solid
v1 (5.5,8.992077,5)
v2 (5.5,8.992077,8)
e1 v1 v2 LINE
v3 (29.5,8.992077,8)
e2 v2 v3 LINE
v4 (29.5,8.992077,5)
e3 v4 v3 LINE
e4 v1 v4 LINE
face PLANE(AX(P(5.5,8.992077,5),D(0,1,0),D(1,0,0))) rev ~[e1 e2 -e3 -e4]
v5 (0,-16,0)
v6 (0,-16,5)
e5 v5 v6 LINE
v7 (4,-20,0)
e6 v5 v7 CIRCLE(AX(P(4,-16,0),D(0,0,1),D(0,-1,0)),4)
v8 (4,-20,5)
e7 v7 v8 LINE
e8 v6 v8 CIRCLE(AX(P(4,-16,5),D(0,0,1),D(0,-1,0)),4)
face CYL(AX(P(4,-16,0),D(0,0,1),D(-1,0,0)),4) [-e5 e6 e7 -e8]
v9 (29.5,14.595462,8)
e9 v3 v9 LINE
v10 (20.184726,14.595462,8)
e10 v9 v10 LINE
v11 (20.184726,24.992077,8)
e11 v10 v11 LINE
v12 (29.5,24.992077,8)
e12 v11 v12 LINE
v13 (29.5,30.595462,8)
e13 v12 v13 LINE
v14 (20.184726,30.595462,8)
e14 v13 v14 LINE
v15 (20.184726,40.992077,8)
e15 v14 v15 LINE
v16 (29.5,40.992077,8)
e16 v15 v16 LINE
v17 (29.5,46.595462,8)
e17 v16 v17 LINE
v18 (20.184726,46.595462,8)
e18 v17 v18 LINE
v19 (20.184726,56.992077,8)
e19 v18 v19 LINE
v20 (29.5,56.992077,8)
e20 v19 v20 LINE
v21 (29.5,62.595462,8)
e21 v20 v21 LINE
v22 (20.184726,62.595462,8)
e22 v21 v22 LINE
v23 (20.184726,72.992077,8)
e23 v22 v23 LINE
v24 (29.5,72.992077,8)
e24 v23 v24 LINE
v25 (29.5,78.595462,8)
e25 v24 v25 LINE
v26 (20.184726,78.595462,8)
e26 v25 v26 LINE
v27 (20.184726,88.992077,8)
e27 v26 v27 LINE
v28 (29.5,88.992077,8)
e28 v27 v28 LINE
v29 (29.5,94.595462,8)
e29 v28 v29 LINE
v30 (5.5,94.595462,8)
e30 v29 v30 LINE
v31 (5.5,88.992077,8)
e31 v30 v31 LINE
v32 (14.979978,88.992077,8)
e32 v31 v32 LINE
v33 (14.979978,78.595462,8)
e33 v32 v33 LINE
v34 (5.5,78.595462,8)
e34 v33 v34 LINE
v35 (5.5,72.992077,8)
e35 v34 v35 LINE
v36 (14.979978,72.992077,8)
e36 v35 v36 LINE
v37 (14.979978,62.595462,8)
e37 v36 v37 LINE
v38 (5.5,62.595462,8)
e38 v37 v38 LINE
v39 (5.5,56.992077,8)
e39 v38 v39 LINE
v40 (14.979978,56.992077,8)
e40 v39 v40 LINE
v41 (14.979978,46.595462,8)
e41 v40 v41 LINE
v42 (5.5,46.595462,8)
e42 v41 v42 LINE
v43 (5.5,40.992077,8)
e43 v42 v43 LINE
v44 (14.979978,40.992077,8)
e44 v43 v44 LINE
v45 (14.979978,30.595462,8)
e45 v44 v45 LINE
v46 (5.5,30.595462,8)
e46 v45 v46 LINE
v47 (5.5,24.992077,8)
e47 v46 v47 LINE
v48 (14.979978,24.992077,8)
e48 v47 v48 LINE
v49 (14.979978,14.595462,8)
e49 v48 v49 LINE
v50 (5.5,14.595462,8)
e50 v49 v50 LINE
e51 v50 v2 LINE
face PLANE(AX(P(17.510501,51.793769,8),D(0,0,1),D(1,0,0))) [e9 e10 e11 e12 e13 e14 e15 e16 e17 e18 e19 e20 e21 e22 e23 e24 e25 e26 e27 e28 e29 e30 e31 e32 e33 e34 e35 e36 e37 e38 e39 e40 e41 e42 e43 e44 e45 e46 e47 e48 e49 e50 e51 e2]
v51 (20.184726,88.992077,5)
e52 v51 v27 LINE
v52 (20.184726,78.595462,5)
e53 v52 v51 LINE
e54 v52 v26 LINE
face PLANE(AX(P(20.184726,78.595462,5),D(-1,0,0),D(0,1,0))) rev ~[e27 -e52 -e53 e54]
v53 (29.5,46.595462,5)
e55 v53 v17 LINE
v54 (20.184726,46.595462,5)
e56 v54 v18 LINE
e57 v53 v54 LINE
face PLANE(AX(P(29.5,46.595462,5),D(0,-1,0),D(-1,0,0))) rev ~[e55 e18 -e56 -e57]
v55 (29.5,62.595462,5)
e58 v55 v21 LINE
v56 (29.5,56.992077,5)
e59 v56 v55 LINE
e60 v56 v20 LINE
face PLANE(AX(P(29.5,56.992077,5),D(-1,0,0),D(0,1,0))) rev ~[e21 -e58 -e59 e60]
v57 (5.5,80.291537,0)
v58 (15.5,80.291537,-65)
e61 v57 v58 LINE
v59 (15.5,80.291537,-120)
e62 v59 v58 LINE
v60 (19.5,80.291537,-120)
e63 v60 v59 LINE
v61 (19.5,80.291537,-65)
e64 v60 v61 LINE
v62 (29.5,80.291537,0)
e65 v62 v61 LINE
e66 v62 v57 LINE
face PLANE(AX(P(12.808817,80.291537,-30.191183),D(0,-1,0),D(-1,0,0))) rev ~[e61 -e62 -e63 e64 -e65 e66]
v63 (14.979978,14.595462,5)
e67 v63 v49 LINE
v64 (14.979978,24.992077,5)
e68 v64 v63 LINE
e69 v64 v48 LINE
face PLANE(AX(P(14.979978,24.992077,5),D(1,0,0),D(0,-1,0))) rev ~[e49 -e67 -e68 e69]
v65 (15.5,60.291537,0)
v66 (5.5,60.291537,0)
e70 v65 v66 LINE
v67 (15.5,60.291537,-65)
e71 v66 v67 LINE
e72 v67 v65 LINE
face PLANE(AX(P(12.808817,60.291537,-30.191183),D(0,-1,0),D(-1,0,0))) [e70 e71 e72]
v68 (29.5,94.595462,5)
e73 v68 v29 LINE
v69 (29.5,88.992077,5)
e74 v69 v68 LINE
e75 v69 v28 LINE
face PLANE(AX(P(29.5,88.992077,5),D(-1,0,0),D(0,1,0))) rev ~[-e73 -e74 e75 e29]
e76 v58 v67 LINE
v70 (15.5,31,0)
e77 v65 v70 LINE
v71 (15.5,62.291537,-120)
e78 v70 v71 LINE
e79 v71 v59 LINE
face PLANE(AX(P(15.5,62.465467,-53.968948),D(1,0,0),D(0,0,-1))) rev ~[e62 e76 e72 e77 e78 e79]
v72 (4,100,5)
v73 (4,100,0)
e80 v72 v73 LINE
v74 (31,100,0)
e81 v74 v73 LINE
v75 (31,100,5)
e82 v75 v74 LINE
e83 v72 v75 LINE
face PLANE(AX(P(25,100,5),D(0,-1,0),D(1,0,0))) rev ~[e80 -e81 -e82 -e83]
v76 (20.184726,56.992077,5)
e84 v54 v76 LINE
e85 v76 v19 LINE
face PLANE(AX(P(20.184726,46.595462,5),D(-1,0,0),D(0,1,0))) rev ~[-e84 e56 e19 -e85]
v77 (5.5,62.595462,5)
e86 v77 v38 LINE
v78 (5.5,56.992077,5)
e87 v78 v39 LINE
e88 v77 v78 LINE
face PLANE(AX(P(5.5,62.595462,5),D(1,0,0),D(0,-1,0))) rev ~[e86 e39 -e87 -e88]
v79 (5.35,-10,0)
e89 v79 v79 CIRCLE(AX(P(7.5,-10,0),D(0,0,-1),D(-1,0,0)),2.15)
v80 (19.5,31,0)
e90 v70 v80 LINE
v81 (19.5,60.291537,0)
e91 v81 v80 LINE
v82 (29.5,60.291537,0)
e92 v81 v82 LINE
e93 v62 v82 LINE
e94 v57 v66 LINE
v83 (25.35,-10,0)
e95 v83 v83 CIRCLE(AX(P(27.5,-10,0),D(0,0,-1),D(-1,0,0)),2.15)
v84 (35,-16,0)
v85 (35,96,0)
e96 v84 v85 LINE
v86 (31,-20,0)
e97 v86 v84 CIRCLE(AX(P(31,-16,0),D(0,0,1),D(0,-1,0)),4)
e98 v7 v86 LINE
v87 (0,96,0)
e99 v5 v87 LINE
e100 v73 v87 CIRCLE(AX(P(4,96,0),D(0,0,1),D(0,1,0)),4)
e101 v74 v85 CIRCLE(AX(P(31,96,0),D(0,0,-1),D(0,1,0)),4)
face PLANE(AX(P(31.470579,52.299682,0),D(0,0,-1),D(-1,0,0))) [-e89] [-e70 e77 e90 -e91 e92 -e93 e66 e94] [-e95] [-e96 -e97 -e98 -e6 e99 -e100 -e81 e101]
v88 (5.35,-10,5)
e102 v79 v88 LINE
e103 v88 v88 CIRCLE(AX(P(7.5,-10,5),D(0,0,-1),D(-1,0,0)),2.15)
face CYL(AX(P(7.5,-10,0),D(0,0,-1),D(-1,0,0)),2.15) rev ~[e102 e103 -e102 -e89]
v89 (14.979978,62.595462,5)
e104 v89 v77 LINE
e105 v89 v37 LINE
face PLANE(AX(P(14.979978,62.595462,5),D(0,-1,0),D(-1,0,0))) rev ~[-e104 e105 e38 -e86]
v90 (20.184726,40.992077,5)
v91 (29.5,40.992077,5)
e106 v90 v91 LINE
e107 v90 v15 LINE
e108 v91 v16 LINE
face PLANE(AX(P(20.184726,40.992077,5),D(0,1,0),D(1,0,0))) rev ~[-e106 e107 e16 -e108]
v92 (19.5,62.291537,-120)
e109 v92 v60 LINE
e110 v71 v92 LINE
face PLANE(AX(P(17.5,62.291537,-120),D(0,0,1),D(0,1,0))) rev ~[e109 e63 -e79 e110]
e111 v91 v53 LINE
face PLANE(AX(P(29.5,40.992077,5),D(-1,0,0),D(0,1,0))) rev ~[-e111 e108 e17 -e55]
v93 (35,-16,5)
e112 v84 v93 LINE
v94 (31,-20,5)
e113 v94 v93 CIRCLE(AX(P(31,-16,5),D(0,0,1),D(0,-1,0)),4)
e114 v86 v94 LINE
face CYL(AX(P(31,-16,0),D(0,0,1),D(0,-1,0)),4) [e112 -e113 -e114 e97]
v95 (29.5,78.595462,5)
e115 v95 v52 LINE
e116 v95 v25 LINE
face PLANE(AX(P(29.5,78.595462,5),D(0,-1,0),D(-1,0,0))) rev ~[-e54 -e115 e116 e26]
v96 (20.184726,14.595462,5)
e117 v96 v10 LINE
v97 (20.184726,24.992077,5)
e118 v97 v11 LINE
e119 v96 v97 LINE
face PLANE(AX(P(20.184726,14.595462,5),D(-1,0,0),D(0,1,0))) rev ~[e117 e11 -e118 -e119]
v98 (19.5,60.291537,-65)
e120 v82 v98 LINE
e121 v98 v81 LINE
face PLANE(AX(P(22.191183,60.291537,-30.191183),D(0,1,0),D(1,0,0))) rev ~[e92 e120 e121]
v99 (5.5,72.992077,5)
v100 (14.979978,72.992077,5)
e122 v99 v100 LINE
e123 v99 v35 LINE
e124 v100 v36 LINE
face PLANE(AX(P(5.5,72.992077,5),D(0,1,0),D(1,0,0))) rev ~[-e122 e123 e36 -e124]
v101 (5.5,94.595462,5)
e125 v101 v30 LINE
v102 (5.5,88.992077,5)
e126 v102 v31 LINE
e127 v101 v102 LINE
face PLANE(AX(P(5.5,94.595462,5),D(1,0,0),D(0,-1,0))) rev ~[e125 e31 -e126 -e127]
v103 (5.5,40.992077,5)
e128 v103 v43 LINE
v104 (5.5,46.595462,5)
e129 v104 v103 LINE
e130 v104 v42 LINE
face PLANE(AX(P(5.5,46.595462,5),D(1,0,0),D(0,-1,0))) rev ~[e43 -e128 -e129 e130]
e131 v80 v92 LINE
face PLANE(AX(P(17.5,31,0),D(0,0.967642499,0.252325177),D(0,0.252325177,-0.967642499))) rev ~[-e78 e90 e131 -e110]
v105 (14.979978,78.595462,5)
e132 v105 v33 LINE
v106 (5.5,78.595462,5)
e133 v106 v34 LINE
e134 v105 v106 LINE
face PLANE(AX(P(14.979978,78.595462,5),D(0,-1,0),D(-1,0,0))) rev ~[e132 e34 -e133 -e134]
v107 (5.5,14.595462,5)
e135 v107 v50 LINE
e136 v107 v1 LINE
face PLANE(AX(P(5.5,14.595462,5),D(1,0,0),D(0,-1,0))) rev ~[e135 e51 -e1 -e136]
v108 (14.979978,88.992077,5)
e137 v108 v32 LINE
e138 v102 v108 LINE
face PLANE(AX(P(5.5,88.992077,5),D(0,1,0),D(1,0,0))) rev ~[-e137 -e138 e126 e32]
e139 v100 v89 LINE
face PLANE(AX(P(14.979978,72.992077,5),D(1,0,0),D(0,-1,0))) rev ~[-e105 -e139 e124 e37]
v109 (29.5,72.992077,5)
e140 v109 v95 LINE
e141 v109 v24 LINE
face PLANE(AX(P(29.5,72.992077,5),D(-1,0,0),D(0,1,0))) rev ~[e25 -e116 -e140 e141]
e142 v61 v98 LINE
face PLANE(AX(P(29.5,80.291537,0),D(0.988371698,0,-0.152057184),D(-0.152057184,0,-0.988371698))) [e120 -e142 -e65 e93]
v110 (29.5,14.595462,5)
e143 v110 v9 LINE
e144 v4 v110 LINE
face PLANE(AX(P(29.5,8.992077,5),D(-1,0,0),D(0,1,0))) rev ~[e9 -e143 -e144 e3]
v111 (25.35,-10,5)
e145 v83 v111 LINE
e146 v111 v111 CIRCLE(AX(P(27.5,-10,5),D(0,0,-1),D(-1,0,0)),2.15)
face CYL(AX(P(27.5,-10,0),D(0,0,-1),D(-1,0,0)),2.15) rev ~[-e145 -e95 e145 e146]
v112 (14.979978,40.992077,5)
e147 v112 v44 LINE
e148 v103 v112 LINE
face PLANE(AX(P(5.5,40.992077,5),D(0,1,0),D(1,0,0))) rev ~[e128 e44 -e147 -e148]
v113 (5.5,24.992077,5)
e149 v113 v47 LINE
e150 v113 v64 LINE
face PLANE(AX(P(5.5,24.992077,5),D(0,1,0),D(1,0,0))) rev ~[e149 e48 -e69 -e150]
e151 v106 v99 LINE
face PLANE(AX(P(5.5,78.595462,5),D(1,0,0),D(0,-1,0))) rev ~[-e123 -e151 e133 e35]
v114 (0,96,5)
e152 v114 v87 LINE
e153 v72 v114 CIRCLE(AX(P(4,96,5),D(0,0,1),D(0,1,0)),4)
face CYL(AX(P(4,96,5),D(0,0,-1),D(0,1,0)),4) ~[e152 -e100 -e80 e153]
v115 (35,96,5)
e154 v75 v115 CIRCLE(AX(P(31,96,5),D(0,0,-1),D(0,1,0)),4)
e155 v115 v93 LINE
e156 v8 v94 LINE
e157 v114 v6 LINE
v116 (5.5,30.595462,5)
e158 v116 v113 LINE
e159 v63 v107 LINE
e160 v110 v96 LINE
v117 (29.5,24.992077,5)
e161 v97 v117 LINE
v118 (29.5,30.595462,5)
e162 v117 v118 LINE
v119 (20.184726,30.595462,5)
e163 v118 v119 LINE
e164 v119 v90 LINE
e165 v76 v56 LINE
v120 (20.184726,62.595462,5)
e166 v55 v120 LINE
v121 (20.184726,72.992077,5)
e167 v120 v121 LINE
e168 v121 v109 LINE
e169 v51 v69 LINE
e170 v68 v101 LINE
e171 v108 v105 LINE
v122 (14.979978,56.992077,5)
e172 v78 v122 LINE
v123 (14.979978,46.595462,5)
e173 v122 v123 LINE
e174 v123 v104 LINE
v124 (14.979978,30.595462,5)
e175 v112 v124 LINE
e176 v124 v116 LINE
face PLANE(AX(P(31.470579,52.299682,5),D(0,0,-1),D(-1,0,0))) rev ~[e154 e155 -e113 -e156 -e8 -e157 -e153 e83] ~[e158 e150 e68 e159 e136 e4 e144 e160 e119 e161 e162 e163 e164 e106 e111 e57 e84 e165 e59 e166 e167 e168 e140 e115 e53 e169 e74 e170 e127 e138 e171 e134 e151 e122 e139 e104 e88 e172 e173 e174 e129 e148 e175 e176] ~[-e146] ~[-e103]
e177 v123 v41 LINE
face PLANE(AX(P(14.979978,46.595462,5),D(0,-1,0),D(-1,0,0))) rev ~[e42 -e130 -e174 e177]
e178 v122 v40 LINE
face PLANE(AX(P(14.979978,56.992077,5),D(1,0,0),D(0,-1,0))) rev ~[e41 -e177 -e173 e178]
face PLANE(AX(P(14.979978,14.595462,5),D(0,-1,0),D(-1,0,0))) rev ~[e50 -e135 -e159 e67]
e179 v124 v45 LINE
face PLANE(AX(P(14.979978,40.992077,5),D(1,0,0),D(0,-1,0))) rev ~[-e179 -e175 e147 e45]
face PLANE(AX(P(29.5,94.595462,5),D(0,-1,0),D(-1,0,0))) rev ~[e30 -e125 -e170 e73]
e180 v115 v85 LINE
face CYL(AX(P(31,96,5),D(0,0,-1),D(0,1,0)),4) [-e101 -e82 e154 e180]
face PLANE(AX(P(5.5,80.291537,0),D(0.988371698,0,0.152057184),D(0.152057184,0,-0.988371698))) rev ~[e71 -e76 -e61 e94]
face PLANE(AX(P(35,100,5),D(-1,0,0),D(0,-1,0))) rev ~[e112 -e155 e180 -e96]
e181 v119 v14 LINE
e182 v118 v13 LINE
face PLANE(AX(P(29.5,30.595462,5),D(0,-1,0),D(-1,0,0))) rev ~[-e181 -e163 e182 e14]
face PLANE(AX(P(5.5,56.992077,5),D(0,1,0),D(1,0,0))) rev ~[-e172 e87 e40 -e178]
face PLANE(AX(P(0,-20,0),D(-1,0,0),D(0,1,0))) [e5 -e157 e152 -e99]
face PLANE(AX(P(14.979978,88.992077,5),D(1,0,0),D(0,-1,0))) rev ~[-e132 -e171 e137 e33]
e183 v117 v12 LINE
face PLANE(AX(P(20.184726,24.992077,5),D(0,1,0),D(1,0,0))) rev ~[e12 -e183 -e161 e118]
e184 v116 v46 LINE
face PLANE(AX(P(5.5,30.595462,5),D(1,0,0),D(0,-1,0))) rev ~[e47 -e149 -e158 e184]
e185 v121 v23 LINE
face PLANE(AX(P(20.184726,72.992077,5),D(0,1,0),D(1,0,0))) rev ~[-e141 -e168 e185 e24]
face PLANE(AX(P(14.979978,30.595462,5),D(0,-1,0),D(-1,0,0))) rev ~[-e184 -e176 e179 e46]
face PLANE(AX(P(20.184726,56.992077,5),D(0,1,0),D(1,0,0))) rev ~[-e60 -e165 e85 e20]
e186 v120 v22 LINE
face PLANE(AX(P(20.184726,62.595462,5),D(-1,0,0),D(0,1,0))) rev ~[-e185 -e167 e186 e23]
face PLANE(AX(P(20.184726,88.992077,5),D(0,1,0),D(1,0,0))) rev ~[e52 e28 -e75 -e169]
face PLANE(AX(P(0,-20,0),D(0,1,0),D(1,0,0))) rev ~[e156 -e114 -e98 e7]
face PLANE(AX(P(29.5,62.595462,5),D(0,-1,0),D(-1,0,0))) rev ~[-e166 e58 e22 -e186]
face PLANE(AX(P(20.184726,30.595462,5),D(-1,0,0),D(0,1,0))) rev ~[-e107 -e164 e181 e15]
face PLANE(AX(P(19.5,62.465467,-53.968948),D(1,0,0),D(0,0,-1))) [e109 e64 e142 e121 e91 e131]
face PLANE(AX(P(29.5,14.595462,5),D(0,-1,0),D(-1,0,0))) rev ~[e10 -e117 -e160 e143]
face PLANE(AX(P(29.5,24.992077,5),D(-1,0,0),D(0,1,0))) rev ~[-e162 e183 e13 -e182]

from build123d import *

# Parameters (mm, degrees)
SKETCH1_W           = 15
SKETCH1_H           = 100
SKETCH1_W_2         = 35
SKETCH1_H_2         = 20
BOSS_EXTRUDE1_DEPTH = 5
SKETCH3_R           = 2.15
CUT_EXTRUDE1_DEPTH  = 6
BOSS_EXTRUDE3_DEPTH = 5
BOSS_EXTRUDE4_DEPTH = 2
BOSS_EXTRUDE5_DEPTH = 5
BOSS_EXTRUDE6_DEPTH = 20
FILLET3_R           = 4
BOSS_EXTRUDE7_DEPTH = 3


with BuildPart() as part:
    # Sketch1 → Boss-Extrude1 (new body)
    with BuildSketch(Plane.XY):
        with Locations((17.5, 50)):
            Rectangle(SKETCH1_W, SKETCH1_H)
        with Locations((17.5, -10)):
            Rectangle(SKETCH1_W_2, SKETCH1_H_2)
    extrude(amount=BOSS_EXTRUDE1_DEPTH)

    # Sketch3 → Cut-Extrude1 (cut, through all)
    with BuildSketch(Plane(origin=(0, 0, 0), x_dir=(-1, 0, 0), z_dir=(0, 0, -1))):
        with Locations((-27.5, -10)):
            Circle(SKETCH3_R)
        with Locations((-7.5, -10)):
            Circle(SKETCH3_R)
    extrude(amount=-CUT_EXTRUDE1_DEPTH, mode=Mode.SUBTRACT)

    # Sketch4 → Boss-Extrude3 (add)
    with BuildSketch(Plane(origin=(0, 0, 0), x_dir=(-1, 0, 0), z_dir=(0, 0, -1))):
        Polygon((-35, 0), (-25, 0), (-25, 62), align=None)
        Polygon((-10, 62), (0, 0), (-10, 0), align=None)
    extrude(amount=-BOSS_EXTRUDE3_DEPTH)

    # Sketch5 → Boss-Extrude4 (add, symmetric)
    with BuildSketch(Plane.ZY.offset(-17.5)):
        Polygon((0, 80.291537197), (0, 31), (-120, 62.291537197), (-120, 80.291537197), align=None)
    extrude(amount=BOSS_EXTRUDE4_DEPTH, both=True)

    # Sketch6 → Boss-Extrude5 (add)
    with BuildSketch(Plane.XY.offset(5)):
        Polygon((35, 100), (35, 0), (25, 62), (25, 100), align=None)
        Polygon((10, 100), (0, 100), (0, 0), (10, 62), align=None)
    extrude(amount=-BOSS_EXTRUDE5_DEPTH)

    # Sketch7 → Boss-Extrude6 (add)
    with BuildSketch(Plane(origin=(0, 80.291537197, 0), x_dir=(1, 0, 0), z_dir=(0, 1, 0))):
        Polygon((15.5, 65), (15.5, 0), (5.5, 0), align=None)
        Polygon((19.5, 0), (29.5, 0), (19.5, 65), align=None)
    extrude(amount=-BOSS_EXTRUDE6_DEPTH)

    # Fillet3
    fillet3_edges = [part.edges().sort_by_distance(p)[0] for p in [
        (35, -20, 2.5),
        (0, -20, 2.5),
        (35, 100, 2.5),
        (0, 100, 2.5),
    ]]
    fillet(fillet3_edges, radius=FILLET3_R)

    # Sketch8 → Boss-Extrude7 (add)
    with BuildSketch(Plane.XY.offset(5)):
        Polygon((14.979978143, 14.595461976), (5.5, 14.595461976), (5.5, 8.99207654), (29.5, 8.99207654), (29.5, 14.595461976), (20.184726016, 14.595461976), (20.184726016, 24.99207654), (29.5, 24.99207654), (29.5, 30.595461976), (20.184726016, 30.595461976), (20.184726016, 40.99207654), (29.5, 40.99207654), (29.5, 46.595461976), (20.184726016, 46.595461976), (20.184726016, 56.99207654), (29.5, 56.99207654), (29.5, 62.595461976), (20.184726016, 62.595461976), (20.184726016, 72.99207654), (29.5, 72.99207654), (29.5, 78.595461976), (20.184726016, 78.595461976), (20.184726016, 88.99207654), (29.5, 88.99207654), (29.5, 94.595461976), (5.5, 94.595461976), (5.5, 88.99207654), (14.979978143, 88.99207654), (14.979978143, 78.595461976), (5.5, 78.595461976), (5.5, 72.99207654), (14.979978143, 72.99207654), (14.979978143, 62.595461976), (5.5, 62.595461976), (5.5, 56.99207654), (14.979978143, 56.99207654), (14.979978143, 46.595461976), (5.5, 46.595461976), (5.5, 40.99207654), (14.979978143, 40.99207654), (14.979978143, 30.595461976), (5.5, 30.595461976), (5.5, 24.99207654), (14.979978143, 24.99207654), align=None)
    extrude(amount=BOSS_EXTRUDE7_DEPTH)


solid = part.part
